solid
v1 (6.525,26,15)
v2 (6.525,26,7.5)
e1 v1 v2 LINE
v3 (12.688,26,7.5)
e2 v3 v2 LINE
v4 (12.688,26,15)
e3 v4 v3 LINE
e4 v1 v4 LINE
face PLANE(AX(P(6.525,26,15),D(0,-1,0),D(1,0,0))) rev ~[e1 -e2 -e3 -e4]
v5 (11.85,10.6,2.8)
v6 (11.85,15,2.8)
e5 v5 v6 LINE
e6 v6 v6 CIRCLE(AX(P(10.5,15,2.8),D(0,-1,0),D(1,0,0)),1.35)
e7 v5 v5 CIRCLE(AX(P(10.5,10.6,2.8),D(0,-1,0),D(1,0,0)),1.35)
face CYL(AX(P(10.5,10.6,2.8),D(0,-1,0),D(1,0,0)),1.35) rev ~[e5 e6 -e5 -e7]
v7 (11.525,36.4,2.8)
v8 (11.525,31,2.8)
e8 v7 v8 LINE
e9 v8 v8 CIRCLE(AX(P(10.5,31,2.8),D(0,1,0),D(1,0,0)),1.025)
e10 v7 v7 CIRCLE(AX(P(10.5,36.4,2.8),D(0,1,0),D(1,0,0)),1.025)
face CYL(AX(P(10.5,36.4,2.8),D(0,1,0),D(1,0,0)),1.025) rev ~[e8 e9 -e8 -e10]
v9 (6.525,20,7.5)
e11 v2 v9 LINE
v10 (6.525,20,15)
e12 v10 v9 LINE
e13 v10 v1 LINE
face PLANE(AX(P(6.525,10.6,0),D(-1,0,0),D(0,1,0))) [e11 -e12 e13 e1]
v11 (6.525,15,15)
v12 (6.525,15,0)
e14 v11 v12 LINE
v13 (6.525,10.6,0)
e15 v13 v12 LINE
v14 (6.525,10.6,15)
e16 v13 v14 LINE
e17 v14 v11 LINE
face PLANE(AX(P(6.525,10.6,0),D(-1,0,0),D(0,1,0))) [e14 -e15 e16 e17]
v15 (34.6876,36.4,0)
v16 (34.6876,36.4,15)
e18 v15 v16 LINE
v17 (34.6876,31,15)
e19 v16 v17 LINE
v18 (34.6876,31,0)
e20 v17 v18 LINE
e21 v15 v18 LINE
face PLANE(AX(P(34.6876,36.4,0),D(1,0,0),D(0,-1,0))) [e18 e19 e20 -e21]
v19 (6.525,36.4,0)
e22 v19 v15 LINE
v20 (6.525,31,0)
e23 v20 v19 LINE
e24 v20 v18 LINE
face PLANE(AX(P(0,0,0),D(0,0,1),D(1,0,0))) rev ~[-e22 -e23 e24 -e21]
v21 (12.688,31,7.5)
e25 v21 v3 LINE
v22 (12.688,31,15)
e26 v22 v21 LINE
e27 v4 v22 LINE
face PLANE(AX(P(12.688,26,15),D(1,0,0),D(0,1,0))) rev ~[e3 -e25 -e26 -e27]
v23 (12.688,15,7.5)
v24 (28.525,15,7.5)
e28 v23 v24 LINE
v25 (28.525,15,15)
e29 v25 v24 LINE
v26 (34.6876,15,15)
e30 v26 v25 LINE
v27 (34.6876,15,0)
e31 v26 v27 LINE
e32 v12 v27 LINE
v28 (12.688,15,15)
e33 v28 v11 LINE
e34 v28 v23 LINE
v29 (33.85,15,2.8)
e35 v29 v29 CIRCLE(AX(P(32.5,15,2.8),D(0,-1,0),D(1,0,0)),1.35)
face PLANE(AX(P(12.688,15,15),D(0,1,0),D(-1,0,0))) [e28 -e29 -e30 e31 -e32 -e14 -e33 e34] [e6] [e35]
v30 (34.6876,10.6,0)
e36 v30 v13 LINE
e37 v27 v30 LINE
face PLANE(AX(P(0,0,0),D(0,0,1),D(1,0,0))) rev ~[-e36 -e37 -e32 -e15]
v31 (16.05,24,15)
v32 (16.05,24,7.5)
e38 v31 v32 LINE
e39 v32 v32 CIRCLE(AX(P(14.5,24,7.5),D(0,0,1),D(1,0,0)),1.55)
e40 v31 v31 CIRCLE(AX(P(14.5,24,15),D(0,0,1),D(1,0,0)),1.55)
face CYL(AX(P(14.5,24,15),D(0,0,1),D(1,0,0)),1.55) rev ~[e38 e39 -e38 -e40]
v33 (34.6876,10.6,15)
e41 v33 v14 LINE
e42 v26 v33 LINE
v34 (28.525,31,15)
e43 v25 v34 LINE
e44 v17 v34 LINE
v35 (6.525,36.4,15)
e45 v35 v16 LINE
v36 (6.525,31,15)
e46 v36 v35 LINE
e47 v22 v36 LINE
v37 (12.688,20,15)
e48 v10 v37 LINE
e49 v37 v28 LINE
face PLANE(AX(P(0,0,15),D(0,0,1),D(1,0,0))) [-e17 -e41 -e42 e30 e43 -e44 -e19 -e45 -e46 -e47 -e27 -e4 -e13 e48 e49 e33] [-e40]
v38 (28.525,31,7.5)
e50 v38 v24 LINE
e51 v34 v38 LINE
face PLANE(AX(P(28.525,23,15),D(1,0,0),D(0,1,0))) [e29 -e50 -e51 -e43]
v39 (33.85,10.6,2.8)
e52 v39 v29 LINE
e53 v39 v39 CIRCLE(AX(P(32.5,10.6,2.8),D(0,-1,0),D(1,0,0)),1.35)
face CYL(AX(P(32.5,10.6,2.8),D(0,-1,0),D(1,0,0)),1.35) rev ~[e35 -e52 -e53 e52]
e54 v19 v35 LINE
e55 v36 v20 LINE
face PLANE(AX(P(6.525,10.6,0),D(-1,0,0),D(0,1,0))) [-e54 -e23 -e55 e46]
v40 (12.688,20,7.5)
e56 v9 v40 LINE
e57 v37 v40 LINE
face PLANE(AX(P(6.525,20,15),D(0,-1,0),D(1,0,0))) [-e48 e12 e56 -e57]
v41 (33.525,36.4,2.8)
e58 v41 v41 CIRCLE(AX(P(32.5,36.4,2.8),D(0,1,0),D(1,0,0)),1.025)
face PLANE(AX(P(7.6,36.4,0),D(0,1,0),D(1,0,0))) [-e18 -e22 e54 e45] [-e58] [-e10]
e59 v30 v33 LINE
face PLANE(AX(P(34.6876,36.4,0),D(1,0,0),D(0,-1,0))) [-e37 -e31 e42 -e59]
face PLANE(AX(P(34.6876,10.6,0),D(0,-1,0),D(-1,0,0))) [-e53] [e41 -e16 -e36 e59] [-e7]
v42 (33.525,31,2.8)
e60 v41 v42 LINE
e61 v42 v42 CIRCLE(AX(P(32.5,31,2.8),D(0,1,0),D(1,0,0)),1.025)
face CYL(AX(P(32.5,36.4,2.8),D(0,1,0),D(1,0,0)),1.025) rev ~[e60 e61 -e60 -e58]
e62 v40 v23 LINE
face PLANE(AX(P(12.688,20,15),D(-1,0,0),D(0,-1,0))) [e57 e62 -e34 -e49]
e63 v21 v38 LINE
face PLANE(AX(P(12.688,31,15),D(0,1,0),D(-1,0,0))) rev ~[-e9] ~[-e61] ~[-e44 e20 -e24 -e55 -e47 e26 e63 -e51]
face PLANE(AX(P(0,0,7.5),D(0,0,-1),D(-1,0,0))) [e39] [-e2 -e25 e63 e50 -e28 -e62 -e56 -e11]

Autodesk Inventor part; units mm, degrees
ref_plane "YZ Plane" through (0, 0, 0) normal (1, 0, 0) x (0, 1, 0)
ref_plane "XZ Plane" through (0, 0, 0) normal (0, 1, 0) x (-1, 0, 0)
ref_plane "XY Plane" through (0, 0, 0) normal (0, 0, 1) x (1, 0, 0)
sketch "스케치1" plane through (0, 0, 0) normal (0, 0, 1) x (1, 0, 0)
  line L0 (7.5, 38) -> (7.5, 36.5) projected
  line L1 (2, 38) -> (7.5, 38) projected
  line L2 (2, 38) -> (2, 8) projected
  line L3 (2, 8) -> (6.525, 8) projected
  line L4 (6.525, 10.5) -> (6.525, 8) projected
  line L5 (6.525, 10.5) -> (10.3997, 10.5) projected
  line L6 (10.3997, 10.5) -> (10.6003, 10.5) projected
  line L7 (10.6003, 10.5) -> (14.475, 10.5) projected
  line L8 (14.475, 10.5) -> (14.475, 8) projected
  line L9 (14.475, 8) -> (28.525, 8) projected
  line L10 (28.525, 10.5) -> (28.525, 8) projected
  line L11 (28.525, 10.5) -> (32.3997, 10.5) projected
  line L12 (32.3997, 10.5) -> (32.6003, 10.5) projected
  line L13 (32.6003, 10.5) -> (34.7876, 10.5) projected
  line L14 (34.7876, 10.5) -> (34.7876, 19.4) projected
  line L15 (36, 19.4) -> (34.7876, 19.4) projected
  line L16 (36, 24) -> (36, 19.4) projected
  line L17 (38.55, 24) -> (36, 24) projected
  line L18 (38.55, 24) -> (38.55, 25.4) projected
  line L19 (38.55, 25.4) -> (37.1, 25.4) projected
  line L20 (37.1, 25.4) -> (37.1, 35.5) projected
  line L21 (49.9, 35.5) -> (37.1, 35.5) projected
  line L22 (49.9, 25.4) -> (49.9, 35.5) projected
  line L23 (49.9, 25.4) -> (48.45, 25.4) projected
  line L24 (48.45, 24) -> (48.45, 25.4) projected
  line L25 (51, 24) -> (48.45, 24) projected
  line L26 (51, 24) -> (51, 10.5) projected
  line L27 (51, 10.5) -> (54.3997, 10.5) projected
  line L28 (54.3997, 10.5) -> (54.6003, 10.5) projected
  line L29 (54.6003, 10.5) -> (57.5, 10.5) projected
  line L30 (57.5, 36.5) -> (57.5, 10.5) projected
  line L31 (57.5, 36.5) -> (51.5, 36.5) projected
  line L32 (51.5, 38) -> (51.5, 36.5) projected
  line L33 (35.5, 38) -> (51.5, 38) projected
  line L34 (35.5, 36.5) -> (35.5, 38) projected
  line L35 (35.5, 36.5) -> (29.5, 36.5) projected
  line L36 (29.5, 38) -> (29.5, 36.5) projected
  line L37 (13.5, 38) -> (29.5, 38) projected
  line L38 (13.5, 36.5) -> (13.5, 38) projected
  line L39 (13.5, 36.5) -> (7.5, 36.5) projected
  line L40 (22.05, 14.2) -> (27.95, 14.2) projected
  line L41 (22.05, 18) -> (22.05, 14.2) projected
  line L42 (27.95, 18) -> (22.05, 18) projected
  line L43 (27.95, 14.2) -> (27.95, 18) projected
  line L44 (34.6876, 10.6) -> (7.6, 10.6)
  line L45 (7.6, 10.6) -> (7.6, 36.4)
  line L46 (7.6, 36.4) -> (34.6876, 36.4)
  line L47 (34.6876, 36.4) -> (34.6876, 10.6)
  line L48 (7.6, 36.4) -> (6.525, 36.4)
  line L49 (7.6, 10.6) -> (6.525, 10.6)
  line L50 (6.525, 10.6) -> (6.525, 36.4)
  line L51 (6.525, 36.4) -> (7.6, 36.4)
  line L52 (7.6, 36.4) -> (7.6, 10.6)
  point P0 (0, 0)
extrude "돌출1" add sketch "스케치1" along normal blind 15 contours L41 L42 L43 L40 | L44 L45 L46 L47 | L49 L50 L48 L45
sketch "스케치2" plane through (0, 0, 15) normal (0, 0, 1) x (1, 0, 0)
  line L0 (34.5, 38) -> (52.5, 38) projected
  line L1 (52.5, 38) -> (52.5, 36.5) projected
  line L2 (56.5, 36.5) -> (52.5, 36.5) projected
  line L3 (56.5, 38) -> (56.5, 36.5) projected
  line L4 (56.5, 38) -> (59.1, 38) projected
  line L5 (59.1, 38) -> (59.1, 40) projected
  line L6 (6, 40) -> (59.1, 40) projected
  line L7 (6, 38) -> (6, 40) projected
  line L8 (6, 38) -> (8.5, 38) projected
  line L9 (8.5, 38) -> (8.5, 36.5) projected
  line L10 (12.5, 36.5) -> (8.5, 36.5) projected
  line L11 (12.5, 38) -> (12.5, 36.5) projected
  line L12 (12.5, 38) -> (30.5, 38) projected
  line L13 (30.5, 38) -> (30.5, 36.5) projected
  line L14 (34.5, 36.5) -> (30.5, 36.5) projected
  line L15 (34.5, 38) -> (34.5, 36.5) projected
  line L16 (14.475, 10.5) -> (12.975, 10.5) projected
  line L17 (12.975, 10.5) -> (12.975, 8.5) projected
  line L18 (12.975, 8.5) -> (8.025, 8.5) projected
  line L19 (8.025, 10.5) -> (8.025, 8.5) projected
  line L20 (8.025, 10.5) -> (6.525, 10.5) projected
  line L21 (6.525, 10.5) -> (6.525, 8) projected
  line L22 (6, 8) -> (6.525, 8) projected
  line L23 (6, 8) -> (6, 6) projected
  line L24 (6, 6) -> (59.1, 6) projected
  line L25 (59.1, 8) -> (59.1, 6) projected
  line L26 (58.475, 8) -> (59.1, 8) projected
  line L27 (58.475, 8) -> (58.475, 10.5) projected
  line L28 (58.475, 10.5) -> (56.975, 10.5) projected
  line L29 (56.975, 10.5) -> (56.975, 8.5) projected
  line L30 (56.975, 8.5) -> (52.025, 8.5) projected
  line L31 (52.025, 10.5) -> (52.025, 8.5) projected
  line L32 (52.025, 10.5) -> (50.525, 10.5) projected
  line L33 (50.525, 10.5) -> (50.525, 8) projected
  line L34 (36.475, 8) -> (50.525, 8) projected
  line L35 (36.475, 8) -> (36.475, 10.5) projected
  line L36 (36.475, 10.5) -> (34.975, 10.5) projected
  line L37 (34.975, 10.5) -> (34.975, 8.5) projected
  line L38 (34.975, 8.5) -> (30.025, 8.5) projected
  line L39 (30.025, 10.5) -> (30.025, 8.5) projected
  line L40 (30.025, 10.5) -> (28.525, 10.5) projected
  line L41 (28.525, 10.5) -> (28.525, 8) projected
  line L42 (14.475, 8) -> (28.525, 8) projected
  line L43 (14.475, 8) -> (14.475, 10.5) projected
  line L44 (14.475, 36.4) -> (28.525, 36.4)
  line L45 (34.6876, 10.6) -> (34.6876, 36.4) projected
  line L46 (14.475, 10.6) -> (28.525, 10.6)
  line L47 (28.525, 10.6) -> (28.525, 36.4)
  line L48 (28.525, 36.4) -> (14.475, 36.4)
  line L49 (-13.0231, 23) -> (78.1205, 23)
  line L50 (14.5, -11.1) -> (14.5, 56.1)
  line L51 (34.6876, 36.4) -> (6.525, 36.4) projected
  line L52 (6.525, 36.4) -> (6.525, 10.6) projected
  line L53 (6.525, 10.6) -> (34.6876, 10.6) projected
  line L54 (28.525, 23) -> (34.6876, 23)
  line L55 (34.6876, 23) -> (34.6876, 31)
  line L56 (34.6876, 31) -> (28.525, 31)
  line L57 (28.525, 31) -> (28.525, 23)
  line L58 (28.525, 23) -> (34.6876, 23)
  line L59 (34.6876, 23) -> (34.6876, 15)
  line L60 (34.6876, 15) -> (28.525, 15)
  line L61 (28.525, 15) -> (28.525, 23)
  line L62 (6.525, 23) -> (12.688, 23)
  line L63 (12.688, 23) -> (12.688, 31)
  line L64 (12.688, 31) -> (6.525, 31)
  line L65 (6.525, 31) -> (6.525, 23)
  line L66 (14.5, 57.1) -> (14.5, -10.1)
  line L67 (12.688, 23) -> (12.688, 15)
  line L68 (12.688, 15) -> (6.525, 15)
  line L69 (6.525, 15) -> (6.525, 23)
  line L70 (6.525, 36.4) -> (6.525, 10.6) projected
  line L71 (12.688, 23) -> (6.525, 23)
  line L72 (6.525, 23) -> (6.525, 26)
  line L73 (6.525, 26) -> (12.688, 26)
  line L74 (12.688, 26) -> (12.688, 23)
  line L75 (12.688, 23) -> (6.525, 23)
  line L76 (6.525, 23) -> (6.525, 20)
  line L77 (6.525, 20) -> (12.688, 20)
  line L78 (12.688, 20) -> (12.688, 23)
  point P0 (0, 0)
  dimension "d3" = 6.163
  dimension "d4" = 8
extrude "돌출2" cut sketch "스케치2" against normal up to next contours L56 L45 L49 L47 | L49 L45 L60 L47 | L64 L63 L73 L52 | L67 L68 L52 L77
sketch "스케치4" plane through (6.525, 10.6, 0) normal (0, -1, 0) x (1, 0, 0)
  circle A0 centre (3.975, 2.8) radius 1.35 projected
  circle A1 centre (25.975, 2.8) radius 1.35
  circle A2 centre (25.975, 2.8) radius 1.55
  circle A3 centre (3.975, 2.8) radius 1.55
  point P0 (-6.525, 0)
  dimension "d14" = 0.2
  dimension "d15" = 0.2
extrude "돌출4" cut sketch "스케치4" against normal up to next contours A0 | A1
sketch "스케치5" plane through (6.525, 36.4, 0) normal (0, 1, 0) x (1, 0, 0)
  circle A0 centre (25.975, -2.8) radius 1.025 projected
  circle A1 centre (3.975, -2.8) radius 1.025 projected
  circle A2 centre (25.975, -2.8) radius 1.225
  circle A3 centre (3.975, -2.8) radius 1.225
  point P0 (-6.525, 0)
  dimension "d16" = 0.2
  dimension "d17" = 0.2
extrude "돌출5" cut sketch "스케치5" against normal up to next contours A0 | A1
sketch "스케치6" plane through (0, 0, 0) normal (0, 0, -1) x (-1, 0, 0)
  line L0 (-28.525, 31) -> (-34.6876, 31) projected
  line L1 (-34.6876, 31) -> (-34.6876, 36.4) projected
  line L2 (-34.6876, 36.4) -> (-6.525, 36.4) projected
  line L3 (-6.525, 36.4) -> (-6.525, 31) projected
  line L4 (-6.525, 31) -> (-12.688, 31) projected
  line L5 (-12.688, 31) -> (-12.688, 26) projected
  line L6 (-12.688, 26) -> (-6.525, 26) projected
  line L7 (-6.525, 26) -> (-6.525, 20) projected
  line L8 (-6.525, 20) -> (-12.688, 20) projected
  line L9 (-12.688, 20) -> (-12.688, 15) projected
  line L10 (-12.688, 15) -> (-6.525, 15) projected
  line L11 (-6.525, 15) -> (-6.525, 10.6) projected
  line L12 (-6.525, 10.6) -> (-34.6876, 10.6) projected
  line L13 (-34.6876, 10.6) -> (-34.6876, 15) projected
  line L14 (-34.6876, 15) -> (-28.525, 15) projected
  line L15 (-28.525, 15) -> (-28.525, 31) projected
  line L16 (-12.688, 31) -> (-28.525, 31)
  line L17 (-28.525, 31) -> (-28.525, 15)
  line L18 (-28.525, 15) -> (-12.688, 15)
  line L19 (-12.688, 15) -> (-12.688, 31)
  line L20 (13.0231, 24) -> (-78.1205, 24)
  line L21 (-14.5, 58.1) -> (-14.5, -9.1)
  point P0 (0, 0)
extrude "돌출6" cut sketch "스케치6" against normal blind 7.5 contours L16 L21 L20 L15 | L20 L21 L18 L15 | L16 L5 L19 L20 L21 | L20 L19 L9 L18 L21 | L20 L7 L8 L19 | L19 L6 L7 L20
sketch "스케치7" plane through (0, 0, 15) normal (0, 0, 1) x (1, 0, 0)
  circle A0 centre (14.5, 24) radius 1.55 projected
  point P0 (0, 0)
extrude "돌출7" cut sketch "스케치7" against normal up to next
properties part number "foot_bridge"
